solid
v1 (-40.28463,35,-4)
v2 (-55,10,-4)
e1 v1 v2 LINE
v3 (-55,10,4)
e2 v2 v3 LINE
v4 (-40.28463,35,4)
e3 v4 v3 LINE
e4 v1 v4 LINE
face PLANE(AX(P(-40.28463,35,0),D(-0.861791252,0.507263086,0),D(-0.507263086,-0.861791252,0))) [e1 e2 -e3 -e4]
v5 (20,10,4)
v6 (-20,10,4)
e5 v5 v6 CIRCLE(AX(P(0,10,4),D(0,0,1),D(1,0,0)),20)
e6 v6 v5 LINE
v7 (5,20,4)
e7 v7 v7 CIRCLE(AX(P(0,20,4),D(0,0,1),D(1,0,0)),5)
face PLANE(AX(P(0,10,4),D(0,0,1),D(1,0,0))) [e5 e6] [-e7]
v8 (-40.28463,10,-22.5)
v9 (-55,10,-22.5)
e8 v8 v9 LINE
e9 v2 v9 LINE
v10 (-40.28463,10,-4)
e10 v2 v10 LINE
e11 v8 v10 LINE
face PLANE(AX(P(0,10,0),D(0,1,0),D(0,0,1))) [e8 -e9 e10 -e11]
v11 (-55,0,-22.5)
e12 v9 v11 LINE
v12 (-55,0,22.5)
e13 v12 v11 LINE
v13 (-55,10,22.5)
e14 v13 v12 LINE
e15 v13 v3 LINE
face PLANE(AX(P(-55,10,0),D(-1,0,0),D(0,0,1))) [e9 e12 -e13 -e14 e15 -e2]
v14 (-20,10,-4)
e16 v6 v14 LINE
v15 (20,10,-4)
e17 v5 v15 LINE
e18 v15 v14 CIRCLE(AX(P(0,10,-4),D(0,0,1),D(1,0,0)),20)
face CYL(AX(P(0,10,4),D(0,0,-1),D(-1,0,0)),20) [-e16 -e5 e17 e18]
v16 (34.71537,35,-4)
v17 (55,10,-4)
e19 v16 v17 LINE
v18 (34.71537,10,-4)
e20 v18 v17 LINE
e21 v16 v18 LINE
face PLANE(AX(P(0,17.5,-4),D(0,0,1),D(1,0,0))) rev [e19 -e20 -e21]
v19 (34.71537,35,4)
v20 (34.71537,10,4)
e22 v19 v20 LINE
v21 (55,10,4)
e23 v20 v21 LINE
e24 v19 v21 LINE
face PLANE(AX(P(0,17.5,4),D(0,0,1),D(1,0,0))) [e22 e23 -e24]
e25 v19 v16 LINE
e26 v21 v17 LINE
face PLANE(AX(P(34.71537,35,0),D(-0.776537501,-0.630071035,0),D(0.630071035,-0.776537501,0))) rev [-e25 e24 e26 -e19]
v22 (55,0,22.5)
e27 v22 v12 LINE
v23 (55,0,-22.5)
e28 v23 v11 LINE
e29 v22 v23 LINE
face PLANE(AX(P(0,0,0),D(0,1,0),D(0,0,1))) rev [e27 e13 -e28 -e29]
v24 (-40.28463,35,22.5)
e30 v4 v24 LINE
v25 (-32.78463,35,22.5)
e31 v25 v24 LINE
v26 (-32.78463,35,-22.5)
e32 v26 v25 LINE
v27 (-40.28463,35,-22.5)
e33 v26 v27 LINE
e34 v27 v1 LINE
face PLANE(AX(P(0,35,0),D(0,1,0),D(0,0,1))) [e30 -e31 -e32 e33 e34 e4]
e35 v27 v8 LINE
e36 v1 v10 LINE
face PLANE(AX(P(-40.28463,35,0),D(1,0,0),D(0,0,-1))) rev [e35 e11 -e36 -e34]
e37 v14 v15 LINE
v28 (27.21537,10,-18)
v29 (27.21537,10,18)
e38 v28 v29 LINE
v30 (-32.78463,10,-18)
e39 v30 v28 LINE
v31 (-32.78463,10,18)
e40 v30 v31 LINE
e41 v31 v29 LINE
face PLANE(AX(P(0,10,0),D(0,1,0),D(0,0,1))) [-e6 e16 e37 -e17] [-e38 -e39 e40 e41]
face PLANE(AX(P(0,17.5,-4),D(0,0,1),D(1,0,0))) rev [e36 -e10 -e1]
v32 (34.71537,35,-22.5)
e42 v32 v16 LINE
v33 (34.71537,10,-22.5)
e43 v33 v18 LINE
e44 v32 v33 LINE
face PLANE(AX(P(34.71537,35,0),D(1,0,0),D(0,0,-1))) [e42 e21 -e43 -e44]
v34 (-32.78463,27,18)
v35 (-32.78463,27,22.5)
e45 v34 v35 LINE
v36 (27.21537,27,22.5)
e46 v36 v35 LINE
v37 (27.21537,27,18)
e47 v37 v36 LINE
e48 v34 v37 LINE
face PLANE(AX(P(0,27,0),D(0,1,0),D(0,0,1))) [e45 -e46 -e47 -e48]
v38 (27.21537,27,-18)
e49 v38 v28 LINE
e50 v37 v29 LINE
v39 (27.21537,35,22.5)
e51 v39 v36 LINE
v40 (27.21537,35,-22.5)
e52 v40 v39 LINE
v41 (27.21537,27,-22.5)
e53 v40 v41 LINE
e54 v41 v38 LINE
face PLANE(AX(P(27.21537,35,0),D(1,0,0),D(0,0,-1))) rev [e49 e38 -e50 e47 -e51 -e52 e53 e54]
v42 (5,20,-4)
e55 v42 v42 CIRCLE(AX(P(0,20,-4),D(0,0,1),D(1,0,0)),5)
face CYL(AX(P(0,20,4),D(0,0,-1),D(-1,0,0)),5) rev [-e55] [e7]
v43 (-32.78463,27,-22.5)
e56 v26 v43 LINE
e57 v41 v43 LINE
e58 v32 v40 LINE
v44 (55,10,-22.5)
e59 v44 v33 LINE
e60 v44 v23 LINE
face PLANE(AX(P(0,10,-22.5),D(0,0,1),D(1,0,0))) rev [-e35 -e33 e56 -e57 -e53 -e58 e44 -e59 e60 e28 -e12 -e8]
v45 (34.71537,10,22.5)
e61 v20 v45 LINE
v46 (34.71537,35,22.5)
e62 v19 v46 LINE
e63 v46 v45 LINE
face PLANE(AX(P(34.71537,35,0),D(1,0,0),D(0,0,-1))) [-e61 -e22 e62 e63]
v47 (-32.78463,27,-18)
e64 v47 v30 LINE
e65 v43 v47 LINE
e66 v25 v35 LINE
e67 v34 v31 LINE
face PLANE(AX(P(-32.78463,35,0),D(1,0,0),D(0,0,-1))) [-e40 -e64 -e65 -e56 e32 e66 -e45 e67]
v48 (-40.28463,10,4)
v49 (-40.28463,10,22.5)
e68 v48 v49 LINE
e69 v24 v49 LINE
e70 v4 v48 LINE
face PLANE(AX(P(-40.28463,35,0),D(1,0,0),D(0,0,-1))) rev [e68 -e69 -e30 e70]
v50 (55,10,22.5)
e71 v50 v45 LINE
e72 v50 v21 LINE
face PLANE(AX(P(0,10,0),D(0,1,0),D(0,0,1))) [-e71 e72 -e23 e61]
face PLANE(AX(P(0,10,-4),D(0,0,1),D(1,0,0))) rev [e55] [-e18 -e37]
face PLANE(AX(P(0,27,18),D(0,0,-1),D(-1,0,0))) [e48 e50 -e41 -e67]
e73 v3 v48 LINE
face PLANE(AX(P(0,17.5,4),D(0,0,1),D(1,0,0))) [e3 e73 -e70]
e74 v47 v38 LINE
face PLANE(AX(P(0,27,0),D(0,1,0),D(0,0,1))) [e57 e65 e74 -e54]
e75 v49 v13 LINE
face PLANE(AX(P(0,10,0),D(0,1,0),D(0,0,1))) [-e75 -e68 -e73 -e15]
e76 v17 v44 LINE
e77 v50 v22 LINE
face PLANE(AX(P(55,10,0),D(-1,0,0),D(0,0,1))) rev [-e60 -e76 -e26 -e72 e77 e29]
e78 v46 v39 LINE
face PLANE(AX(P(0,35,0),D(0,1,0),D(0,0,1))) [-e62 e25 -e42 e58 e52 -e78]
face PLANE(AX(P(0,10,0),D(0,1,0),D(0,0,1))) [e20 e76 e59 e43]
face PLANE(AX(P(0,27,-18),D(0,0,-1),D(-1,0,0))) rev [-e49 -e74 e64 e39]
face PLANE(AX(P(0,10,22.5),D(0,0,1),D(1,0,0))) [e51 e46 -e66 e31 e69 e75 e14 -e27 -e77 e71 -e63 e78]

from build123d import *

# Parameters (mm, degrees)
SKETCH3_W             = 14.715370019
SKETCH3_H             = 45
BOSS_EXTRUDE4_DEPTH   = 10
SKETCH3_W_2           = 60
SKETCH3_H_2           = 36
BOSS_EXTRUDE4_2_DEPTH = 10
SKETCH3_W_3           = 20.284629981
BOSS_EXTRUDE4_3_DEPTH = 10
SKETCH3_3_W           = 7.5
SKETCH3_3_H           = 45
BOSS_EXTRUDE5_DEPTH   = 35
SKETCH3_4_W           = 60
SKETCH3_4_H           = 4.5
BOSS_EXTRUDE6_DEPTH   = 27
SKETCH4_R             = 5
BOSS_EXTRUDE7_DEPTH   = 4
RIB1_REACH            = 70.966
SKETCH5_WALL_W        = 168.940487542
SKETCH5_WALL_H        = 8
RIB2_REACH            = 70.966
SKETCH6_WALL_W        = 172.12533758
SKETCH6_WALL_H        = 8


with BuildPart() as part:
    # Sketch3 → Boss-Extrude4 (new body)
    with BuildSketch(Plane(origin=(0, 0, 0), x_dir=(1, 0, 0), z_dir=(0, 1, 0))):
        with Locations((-47.64231499, 0)):
            Rectangle(SKETCH3_W, SKETCH3_H)
    extrude(amount=BOSS_EXTRUDE4_DEPTH)



with BuildPart() as body_2:
    # Sketch3 → Boss-Extrude4 2 (new body)
    with BuildSketch(Plane(origin=(0, 0, 0), x_dir=(1, 0, 0), z_dir=(0, 1, 0))):
        with Locations((-2.784629981, 0)):
            Rectangle(SKETCH3_W_2, SKETCH3_H_2)
    extrude(amount=BOSS_EXTRUDE4_2_DEPTH)


with BuildPart() as body_3:
    # Sketch3 → Boss-Extrude4 3 (new body)
    with BuildSketch(Plane(origin=(0, 0, 0), x_dir=(1, 0, 0), z_dir=(0, 1, 0))):
        with Locations((44.85768501, 0)):
            Rectangle(SKETCH3_W_3, SKETCH3_H)
    extrude(amount=BOSS_EXTRUDE4_3_DEPTH)


with BuildPart() as part_1:
    add(part.part)

    add(body_2.part)  # Boss-Extrude5 merges body 2

    add(body_3.part)  # Boss-Extrude5 merges body 3
    # Sketch3<3> → Boss-Extrude5 (add)
    with BuildSketch(Plane(origin=(0, 0, 0), x_dir=(1, 0, 0), z_dir=(0, 1, 0))):
        with Locations((-36.534629981, 0)):
            Rectangle(SKETCH3_3_W, SKETCH3_3_H)
        with Locations((30.965370019, 0)):
            Rectangle(SKETCH3_3_W, SKETCH3_3_H)
    extrude(amount=BOSS_EXTRUDE5_DEPTH)

    # Sketch3<4> → Boss-Extrude6 (add)
    with BuildSketch(Plane(origin=(0, 0, 0), x_dir=(1, 0, 0), z_dir=(0, 1, 0))):
        with Locations((-2.784629981, 20.25)):
            Rectangle(SKETCH3_4_W, SKETCH3_4_H)
        with Locations((-2.784629981, -20.25)):
            Rectangle(SKETCH3_4_W, SKETCH3_4_H)
    extrude(amount=BOSS_EXTRUDE6_DEPTH)

    # Sketch4 → Boss-Extrude7 (add, symmetric)
    with BuildSketch(Plane.XY):
        with BuildLine():
            Line((-20, 10), (20, 10))
            ThreePointArc((20, 10), (0, 30), (-20, 10))
        make_face()
        with Locations((0, 20)):
            Circle(SKETCH4_R, mode=Mode.SUBTRACT)
    extrude(amount=BOSS_EXTRUDE7_DEPTH, both=True)

    # Sketch5 wall → Rib1 (add, up to next)
    with BuildSketch(Plane(origin=(-47.64231499, 22.5, 0), x_dir=(-0.507263085957, -0.861791251769, 0), z_dir=(0.861791251769, -0.507263085957, 0)), mode=Mode.PRIVATE) as rib1_sk1:
        Rectangle(SKETCH5_WALL_W, SKETCH5_WALL_H)
    rib1_tool1 = extrude(rib1_sk1.sketch, amount=RIB1_REACH, mode=Mode.PRIVATE) - part_1.part
    add(rib1_tool1.solids().sort_by_distance((-47.64231499, 22.5, 0))[0])

    # Sketch6 wall → Rib2 (add, up to next)
    with BuildSketch(Plane(origin=(44.85768501, 22.5, 0), x_dir=(0.630071035104, -0.77653750117, 0), z_dir=(0.77653750117, 0.630071035104, 0)), mode=Mode.PRIVATE) as rib2_sk1:
        Rectangle(SKETCH6_WALL_W, SKETCH6_WALL_H)
    rib2_tool1 = extrude(rib2_sk1.sketch, amount=-RIB2_REACH, mode=Mode.PRIVATE) - part_1.part
    add(rib2_tool1.solids().sort_by_distance((44.85768501, 22.5, 0))[0])


solid = part_1.part
